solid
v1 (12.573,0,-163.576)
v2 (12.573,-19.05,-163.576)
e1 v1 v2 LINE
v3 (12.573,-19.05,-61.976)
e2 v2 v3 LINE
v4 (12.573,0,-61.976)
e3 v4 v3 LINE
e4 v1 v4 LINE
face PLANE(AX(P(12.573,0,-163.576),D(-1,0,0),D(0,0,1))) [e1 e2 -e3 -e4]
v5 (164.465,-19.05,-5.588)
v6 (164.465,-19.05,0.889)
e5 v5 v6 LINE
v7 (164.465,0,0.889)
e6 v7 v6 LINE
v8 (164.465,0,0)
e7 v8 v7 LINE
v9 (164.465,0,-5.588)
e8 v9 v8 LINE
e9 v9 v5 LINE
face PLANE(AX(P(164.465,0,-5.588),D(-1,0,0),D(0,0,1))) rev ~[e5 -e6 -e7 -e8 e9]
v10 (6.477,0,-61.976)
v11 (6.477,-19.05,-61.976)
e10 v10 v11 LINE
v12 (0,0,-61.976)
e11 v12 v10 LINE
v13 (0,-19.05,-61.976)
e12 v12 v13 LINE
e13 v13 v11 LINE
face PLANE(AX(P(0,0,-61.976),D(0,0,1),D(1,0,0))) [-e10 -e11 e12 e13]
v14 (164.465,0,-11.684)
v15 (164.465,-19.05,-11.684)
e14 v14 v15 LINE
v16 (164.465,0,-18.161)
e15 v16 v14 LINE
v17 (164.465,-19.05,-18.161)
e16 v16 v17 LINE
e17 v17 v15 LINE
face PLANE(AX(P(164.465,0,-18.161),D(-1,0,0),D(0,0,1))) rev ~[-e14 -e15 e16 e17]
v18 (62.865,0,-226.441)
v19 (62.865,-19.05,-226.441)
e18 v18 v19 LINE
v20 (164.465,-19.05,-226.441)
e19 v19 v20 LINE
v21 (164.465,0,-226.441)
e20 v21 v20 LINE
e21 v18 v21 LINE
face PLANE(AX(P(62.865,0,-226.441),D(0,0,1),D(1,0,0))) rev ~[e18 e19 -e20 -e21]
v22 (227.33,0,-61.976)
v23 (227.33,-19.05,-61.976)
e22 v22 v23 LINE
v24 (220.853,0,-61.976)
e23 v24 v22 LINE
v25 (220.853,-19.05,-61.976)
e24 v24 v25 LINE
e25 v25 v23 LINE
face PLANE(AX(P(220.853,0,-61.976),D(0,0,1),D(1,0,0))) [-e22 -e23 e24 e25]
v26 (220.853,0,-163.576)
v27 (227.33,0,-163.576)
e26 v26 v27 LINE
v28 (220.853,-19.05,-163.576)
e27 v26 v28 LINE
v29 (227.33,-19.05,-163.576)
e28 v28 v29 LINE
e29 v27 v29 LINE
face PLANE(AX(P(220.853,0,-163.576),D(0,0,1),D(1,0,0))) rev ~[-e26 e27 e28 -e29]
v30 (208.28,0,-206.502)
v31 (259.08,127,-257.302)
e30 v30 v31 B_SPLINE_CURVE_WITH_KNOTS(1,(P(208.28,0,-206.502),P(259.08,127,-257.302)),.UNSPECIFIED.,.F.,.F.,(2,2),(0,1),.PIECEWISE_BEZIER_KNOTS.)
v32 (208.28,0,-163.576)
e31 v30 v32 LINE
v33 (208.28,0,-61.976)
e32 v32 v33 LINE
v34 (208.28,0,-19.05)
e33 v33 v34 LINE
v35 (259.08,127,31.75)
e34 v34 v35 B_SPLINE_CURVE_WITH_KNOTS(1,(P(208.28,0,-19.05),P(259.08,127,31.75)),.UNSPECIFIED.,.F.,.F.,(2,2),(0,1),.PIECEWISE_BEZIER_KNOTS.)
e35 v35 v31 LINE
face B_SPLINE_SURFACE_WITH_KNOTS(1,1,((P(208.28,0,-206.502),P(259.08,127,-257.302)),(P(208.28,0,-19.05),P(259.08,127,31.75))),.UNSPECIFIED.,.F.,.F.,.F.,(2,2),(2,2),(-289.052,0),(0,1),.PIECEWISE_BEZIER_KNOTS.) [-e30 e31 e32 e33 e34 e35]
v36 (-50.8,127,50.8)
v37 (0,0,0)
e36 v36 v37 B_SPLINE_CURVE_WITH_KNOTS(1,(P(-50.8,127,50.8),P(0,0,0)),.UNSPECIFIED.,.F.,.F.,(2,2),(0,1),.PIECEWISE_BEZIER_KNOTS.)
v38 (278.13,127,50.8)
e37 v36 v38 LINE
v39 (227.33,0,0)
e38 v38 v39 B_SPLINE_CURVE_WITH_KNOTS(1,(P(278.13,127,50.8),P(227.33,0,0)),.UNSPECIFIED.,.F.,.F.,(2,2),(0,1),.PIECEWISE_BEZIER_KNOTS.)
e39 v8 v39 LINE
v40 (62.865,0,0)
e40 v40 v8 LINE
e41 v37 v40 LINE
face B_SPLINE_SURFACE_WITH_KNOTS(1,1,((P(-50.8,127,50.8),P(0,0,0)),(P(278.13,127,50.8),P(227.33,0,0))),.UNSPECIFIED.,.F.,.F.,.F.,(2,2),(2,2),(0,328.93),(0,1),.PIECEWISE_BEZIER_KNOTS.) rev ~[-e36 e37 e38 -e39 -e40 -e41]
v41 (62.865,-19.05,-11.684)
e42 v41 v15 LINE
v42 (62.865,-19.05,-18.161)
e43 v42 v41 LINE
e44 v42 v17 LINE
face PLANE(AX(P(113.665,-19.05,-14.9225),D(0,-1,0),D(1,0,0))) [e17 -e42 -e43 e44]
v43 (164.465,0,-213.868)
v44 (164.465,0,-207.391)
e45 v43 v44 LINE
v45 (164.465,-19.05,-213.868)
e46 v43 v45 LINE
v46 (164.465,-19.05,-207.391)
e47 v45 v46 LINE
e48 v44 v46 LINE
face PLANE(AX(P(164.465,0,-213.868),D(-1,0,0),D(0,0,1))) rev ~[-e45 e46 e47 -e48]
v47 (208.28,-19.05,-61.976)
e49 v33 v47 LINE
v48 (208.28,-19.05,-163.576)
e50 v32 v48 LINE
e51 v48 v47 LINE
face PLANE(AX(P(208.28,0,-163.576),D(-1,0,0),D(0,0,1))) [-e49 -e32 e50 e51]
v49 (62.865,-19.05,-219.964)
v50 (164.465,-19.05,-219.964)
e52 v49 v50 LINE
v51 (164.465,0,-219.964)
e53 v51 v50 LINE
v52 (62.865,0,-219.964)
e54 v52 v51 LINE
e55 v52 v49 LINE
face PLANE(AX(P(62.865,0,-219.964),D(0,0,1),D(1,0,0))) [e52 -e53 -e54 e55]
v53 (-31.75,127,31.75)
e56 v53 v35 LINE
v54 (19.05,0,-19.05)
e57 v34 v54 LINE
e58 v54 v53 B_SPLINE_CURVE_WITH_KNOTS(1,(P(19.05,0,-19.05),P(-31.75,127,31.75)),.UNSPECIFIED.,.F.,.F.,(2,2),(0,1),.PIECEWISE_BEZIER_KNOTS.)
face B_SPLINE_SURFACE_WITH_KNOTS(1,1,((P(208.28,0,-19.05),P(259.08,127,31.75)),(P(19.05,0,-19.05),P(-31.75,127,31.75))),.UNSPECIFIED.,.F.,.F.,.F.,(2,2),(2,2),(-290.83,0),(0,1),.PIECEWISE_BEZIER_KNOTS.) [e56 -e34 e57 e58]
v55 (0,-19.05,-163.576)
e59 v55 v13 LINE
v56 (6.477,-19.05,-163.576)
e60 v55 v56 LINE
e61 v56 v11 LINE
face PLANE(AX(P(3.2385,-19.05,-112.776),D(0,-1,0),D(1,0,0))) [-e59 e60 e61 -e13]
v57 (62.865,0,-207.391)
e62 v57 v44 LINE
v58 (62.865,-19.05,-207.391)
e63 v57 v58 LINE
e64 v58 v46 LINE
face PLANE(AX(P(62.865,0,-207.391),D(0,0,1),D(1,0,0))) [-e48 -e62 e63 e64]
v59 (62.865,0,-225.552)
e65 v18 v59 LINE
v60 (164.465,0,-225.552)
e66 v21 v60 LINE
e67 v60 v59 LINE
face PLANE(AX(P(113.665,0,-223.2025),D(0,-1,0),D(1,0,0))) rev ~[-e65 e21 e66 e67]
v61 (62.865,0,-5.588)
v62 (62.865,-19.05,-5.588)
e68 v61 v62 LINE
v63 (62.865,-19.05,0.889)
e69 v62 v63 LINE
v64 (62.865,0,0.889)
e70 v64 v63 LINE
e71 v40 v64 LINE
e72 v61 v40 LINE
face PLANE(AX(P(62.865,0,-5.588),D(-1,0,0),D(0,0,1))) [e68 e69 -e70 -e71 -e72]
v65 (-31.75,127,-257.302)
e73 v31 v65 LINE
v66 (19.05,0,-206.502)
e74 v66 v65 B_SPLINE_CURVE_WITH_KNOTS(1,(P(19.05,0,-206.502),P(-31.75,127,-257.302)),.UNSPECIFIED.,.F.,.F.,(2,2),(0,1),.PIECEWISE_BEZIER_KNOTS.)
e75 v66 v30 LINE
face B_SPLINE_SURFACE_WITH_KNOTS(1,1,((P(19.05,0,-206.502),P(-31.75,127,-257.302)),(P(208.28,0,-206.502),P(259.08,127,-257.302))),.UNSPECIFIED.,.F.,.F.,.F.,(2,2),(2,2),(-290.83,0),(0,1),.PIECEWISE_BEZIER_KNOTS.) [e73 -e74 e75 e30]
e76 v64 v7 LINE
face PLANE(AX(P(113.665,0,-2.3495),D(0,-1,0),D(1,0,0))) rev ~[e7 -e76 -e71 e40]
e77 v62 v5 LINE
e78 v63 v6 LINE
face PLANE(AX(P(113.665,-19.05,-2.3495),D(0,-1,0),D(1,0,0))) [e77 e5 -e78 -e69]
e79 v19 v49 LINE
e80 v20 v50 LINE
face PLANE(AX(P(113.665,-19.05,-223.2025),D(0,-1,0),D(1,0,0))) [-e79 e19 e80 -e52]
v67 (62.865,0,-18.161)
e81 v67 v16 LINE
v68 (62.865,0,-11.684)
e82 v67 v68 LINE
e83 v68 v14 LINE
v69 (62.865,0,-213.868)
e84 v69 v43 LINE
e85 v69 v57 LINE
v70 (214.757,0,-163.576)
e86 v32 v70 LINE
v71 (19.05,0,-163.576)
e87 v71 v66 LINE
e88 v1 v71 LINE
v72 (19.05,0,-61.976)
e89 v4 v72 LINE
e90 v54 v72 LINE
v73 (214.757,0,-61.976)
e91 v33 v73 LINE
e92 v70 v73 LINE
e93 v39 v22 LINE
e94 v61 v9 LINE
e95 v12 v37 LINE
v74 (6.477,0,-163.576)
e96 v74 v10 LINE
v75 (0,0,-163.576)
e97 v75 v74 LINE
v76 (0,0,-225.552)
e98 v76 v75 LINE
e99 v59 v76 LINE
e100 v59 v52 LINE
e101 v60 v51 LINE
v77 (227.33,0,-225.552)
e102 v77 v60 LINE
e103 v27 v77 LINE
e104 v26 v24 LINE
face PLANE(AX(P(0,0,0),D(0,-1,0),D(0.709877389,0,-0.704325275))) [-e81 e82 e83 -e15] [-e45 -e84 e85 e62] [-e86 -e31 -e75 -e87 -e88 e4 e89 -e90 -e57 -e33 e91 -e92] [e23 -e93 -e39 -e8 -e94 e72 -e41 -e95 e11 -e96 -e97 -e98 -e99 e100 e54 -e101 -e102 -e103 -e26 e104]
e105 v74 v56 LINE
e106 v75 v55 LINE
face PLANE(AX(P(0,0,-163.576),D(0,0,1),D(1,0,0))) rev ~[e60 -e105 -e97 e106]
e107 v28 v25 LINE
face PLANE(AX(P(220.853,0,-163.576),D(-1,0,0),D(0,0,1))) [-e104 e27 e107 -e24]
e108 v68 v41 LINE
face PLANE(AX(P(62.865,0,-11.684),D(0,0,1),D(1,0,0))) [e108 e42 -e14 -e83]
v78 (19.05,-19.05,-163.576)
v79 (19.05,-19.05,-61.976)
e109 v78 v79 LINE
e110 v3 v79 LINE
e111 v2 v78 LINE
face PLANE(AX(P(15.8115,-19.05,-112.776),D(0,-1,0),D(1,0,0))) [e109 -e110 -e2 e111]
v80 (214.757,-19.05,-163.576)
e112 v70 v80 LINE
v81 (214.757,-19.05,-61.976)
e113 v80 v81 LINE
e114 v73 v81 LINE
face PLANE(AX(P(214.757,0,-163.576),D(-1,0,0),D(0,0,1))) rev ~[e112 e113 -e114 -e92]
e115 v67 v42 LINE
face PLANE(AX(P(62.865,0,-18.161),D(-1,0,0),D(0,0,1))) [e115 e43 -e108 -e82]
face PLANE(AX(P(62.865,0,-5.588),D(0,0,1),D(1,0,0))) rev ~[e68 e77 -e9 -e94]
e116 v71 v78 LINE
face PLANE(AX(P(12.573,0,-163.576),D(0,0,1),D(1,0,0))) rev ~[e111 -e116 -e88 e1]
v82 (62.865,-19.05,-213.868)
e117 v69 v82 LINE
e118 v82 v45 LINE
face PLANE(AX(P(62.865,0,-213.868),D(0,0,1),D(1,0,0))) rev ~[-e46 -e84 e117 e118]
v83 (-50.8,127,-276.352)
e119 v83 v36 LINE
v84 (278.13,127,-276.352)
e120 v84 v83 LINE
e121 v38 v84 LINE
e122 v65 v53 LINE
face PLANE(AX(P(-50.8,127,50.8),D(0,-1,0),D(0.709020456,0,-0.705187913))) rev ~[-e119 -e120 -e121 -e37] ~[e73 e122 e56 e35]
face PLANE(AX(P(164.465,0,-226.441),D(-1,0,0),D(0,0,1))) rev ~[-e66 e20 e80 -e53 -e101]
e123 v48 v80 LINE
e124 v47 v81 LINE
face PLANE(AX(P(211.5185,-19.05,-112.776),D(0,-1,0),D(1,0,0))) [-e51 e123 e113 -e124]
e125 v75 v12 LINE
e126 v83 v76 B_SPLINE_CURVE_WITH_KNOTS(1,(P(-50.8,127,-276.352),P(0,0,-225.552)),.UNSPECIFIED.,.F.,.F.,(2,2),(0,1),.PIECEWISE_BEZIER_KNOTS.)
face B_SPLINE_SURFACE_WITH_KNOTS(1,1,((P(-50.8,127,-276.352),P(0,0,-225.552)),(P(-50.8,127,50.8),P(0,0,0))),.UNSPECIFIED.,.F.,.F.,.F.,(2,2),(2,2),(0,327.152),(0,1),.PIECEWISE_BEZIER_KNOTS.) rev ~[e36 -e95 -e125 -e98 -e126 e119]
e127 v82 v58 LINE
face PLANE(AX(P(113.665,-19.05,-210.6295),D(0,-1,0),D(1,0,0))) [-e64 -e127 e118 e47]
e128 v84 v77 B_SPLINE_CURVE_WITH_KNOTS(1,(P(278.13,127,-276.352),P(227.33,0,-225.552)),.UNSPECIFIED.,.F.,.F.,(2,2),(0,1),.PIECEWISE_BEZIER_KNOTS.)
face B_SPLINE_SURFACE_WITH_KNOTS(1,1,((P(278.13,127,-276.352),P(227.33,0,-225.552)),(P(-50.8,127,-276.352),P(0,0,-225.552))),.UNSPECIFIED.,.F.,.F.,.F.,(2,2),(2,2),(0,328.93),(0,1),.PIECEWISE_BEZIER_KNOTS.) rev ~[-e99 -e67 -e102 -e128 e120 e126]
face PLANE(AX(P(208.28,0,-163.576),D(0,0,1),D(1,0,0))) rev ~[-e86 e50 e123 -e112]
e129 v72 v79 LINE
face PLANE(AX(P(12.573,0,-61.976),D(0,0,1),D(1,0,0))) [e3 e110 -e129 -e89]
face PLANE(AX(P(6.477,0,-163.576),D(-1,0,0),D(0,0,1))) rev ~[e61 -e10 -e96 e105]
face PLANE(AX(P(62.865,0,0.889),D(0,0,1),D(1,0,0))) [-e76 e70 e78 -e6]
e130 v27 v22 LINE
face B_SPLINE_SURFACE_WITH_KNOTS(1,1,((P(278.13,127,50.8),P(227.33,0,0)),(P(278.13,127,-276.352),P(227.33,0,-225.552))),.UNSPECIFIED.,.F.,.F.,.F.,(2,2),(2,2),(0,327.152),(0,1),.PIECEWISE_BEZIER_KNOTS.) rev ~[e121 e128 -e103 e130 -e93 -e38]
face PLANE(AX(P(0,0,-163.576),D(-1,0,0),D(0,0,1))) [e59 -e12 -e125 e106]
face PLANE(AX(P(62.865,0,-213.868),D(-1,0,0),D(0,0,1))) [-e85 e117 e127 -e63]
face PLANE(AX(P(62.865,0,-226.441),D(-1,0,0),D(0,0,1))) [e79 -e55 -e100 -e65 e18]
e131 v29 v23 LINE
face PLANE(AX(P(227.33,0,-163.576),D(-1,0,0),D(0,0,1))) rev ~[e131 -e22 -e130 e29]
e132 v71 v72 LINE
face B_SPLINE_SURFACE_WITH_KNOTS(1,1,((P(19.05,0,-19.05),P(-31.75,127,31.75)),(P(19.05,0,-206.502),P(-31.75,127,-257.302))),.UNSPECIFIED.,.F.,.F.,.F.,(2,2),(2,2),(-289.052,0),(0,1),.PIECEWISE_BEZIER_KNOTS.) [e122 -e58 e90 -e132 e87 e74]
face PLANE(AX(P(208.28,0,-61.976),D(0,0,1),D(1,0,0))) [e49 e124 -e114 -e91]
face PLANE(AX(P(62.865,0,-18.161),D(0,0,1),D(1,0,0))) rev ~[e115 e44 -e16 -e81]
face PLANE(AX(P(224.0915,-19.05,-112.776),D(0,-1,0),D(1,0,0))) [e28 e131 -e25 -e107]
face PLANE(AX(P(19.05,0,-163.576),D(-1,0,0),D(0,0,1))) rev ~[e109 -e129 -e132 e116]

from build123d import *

# Parameters (mm, degrees)
SKETCH5_W           = 6.477
SKETCH5_H           = 101.6
SKETCH5_W_2         = 101.6
SKETCH5_H_2         = 6.477
BOSS_EXTRUDE1_DEPTH = 19.05


with BuildPart() as part:
    # Sketch2 → Loft1 section 0
    with BuildSketch(Plane(origin=(0, 127, 0), x_dir=(1, 0, 0), z_dir=(0, 1, 0))):
        with BuildLine():
            Line((-50.8, -50.8), (278.13, -50.8))
            Line((278.13, -50.8), (278.13, 276.352))
            Line((278.13, 276.352), (-50.8, 276.352))
            Line((-50.8, 276.352), (-50.8, -50.8))
        make_face()
    # Sketch1 → Loft1 section 1
    with BuildSketch(Plane(origin=(0, 0, 0), x_dir=(1, 0, 0), z_dir=(0, 1, 0))):
        with BuildLine():
            Line((0, 0), (227.33, 0))
            Line((227.33, 0), (227.33, 225.552))
            Line((227.33, 225.552), (0, 225.552))
            Line((0, 225.552), (0, 0))
        make_face()
    loft()

    # Sketch4 → Cut-Loft3 section 0
    with BuildSketch(Plane.XZ):
        with BuildLine():
            Line((208.28, -19.05), (19.05, -19.05))
            Line((19.05, -19.05), (19.05, -206.502))
            Line((19.05, -206.502), (208.28, -206.502))
            Line((208.28, -206.502), (208.28, -19.05))
        make_face()
    # Sketch3 → Cut-Loft3 section 1
    with BuildSketch(Plane(origin=(0, 127, 0), x_dir=(1, 0, 0), z_dir=(0, 1, 0))):
        with BuildLine():
            Line((-31.75, 257.302), (-31.75, -31.75))
            Line((-31.75, -31.75), (259.08, -31.75))
            Line((259.08, -31.75), (259.08, 257.302))
            Line((259.08, 257.302), (-31.75, 257.302))
        make_face()
    loft(mode=Mode.SUBTRACT)

    # Sketch5 → Boss-Extrude1 (add)
    with BuildSketch(Plane.XZ):
        with Locations((3.2385, -112.776)):
            Rectangle(SKETCH5_W, SKETCH5_H)
        with Locations((15.8115, -112.776)):
            Rectangle(SKETCH5_W, SKETCH5_H)
        with Locations((113.665, -2.3495)):
            Rectangle(SKETCH5_W_2, SKETCH5_H_2)
        with Locations((113.665, -14.9225)):
            Rectangle(SKETCH5_W_2, SKETCH5_H_2)
        with Locations((224.0915, -112.776)):
            Rectangle(SKETCH5_W, SKETCH5_H)
        with Locations((211.5185, -112.776)):
            Rectangle(SKETCH5_W, SKETCH5_H)
        with Locations((113.665, -223.2025)):
            Rectangle(SKETCH5_W_2, SKETCH5_H_2)
        with Locations((113.665, -210.6295)):
            Rectangle(SKETCH5_W_2, SKETCH5_H_2)
    extrude(amount=BOSS_EXTRUDE1_DEPTH)


solid = part.part
